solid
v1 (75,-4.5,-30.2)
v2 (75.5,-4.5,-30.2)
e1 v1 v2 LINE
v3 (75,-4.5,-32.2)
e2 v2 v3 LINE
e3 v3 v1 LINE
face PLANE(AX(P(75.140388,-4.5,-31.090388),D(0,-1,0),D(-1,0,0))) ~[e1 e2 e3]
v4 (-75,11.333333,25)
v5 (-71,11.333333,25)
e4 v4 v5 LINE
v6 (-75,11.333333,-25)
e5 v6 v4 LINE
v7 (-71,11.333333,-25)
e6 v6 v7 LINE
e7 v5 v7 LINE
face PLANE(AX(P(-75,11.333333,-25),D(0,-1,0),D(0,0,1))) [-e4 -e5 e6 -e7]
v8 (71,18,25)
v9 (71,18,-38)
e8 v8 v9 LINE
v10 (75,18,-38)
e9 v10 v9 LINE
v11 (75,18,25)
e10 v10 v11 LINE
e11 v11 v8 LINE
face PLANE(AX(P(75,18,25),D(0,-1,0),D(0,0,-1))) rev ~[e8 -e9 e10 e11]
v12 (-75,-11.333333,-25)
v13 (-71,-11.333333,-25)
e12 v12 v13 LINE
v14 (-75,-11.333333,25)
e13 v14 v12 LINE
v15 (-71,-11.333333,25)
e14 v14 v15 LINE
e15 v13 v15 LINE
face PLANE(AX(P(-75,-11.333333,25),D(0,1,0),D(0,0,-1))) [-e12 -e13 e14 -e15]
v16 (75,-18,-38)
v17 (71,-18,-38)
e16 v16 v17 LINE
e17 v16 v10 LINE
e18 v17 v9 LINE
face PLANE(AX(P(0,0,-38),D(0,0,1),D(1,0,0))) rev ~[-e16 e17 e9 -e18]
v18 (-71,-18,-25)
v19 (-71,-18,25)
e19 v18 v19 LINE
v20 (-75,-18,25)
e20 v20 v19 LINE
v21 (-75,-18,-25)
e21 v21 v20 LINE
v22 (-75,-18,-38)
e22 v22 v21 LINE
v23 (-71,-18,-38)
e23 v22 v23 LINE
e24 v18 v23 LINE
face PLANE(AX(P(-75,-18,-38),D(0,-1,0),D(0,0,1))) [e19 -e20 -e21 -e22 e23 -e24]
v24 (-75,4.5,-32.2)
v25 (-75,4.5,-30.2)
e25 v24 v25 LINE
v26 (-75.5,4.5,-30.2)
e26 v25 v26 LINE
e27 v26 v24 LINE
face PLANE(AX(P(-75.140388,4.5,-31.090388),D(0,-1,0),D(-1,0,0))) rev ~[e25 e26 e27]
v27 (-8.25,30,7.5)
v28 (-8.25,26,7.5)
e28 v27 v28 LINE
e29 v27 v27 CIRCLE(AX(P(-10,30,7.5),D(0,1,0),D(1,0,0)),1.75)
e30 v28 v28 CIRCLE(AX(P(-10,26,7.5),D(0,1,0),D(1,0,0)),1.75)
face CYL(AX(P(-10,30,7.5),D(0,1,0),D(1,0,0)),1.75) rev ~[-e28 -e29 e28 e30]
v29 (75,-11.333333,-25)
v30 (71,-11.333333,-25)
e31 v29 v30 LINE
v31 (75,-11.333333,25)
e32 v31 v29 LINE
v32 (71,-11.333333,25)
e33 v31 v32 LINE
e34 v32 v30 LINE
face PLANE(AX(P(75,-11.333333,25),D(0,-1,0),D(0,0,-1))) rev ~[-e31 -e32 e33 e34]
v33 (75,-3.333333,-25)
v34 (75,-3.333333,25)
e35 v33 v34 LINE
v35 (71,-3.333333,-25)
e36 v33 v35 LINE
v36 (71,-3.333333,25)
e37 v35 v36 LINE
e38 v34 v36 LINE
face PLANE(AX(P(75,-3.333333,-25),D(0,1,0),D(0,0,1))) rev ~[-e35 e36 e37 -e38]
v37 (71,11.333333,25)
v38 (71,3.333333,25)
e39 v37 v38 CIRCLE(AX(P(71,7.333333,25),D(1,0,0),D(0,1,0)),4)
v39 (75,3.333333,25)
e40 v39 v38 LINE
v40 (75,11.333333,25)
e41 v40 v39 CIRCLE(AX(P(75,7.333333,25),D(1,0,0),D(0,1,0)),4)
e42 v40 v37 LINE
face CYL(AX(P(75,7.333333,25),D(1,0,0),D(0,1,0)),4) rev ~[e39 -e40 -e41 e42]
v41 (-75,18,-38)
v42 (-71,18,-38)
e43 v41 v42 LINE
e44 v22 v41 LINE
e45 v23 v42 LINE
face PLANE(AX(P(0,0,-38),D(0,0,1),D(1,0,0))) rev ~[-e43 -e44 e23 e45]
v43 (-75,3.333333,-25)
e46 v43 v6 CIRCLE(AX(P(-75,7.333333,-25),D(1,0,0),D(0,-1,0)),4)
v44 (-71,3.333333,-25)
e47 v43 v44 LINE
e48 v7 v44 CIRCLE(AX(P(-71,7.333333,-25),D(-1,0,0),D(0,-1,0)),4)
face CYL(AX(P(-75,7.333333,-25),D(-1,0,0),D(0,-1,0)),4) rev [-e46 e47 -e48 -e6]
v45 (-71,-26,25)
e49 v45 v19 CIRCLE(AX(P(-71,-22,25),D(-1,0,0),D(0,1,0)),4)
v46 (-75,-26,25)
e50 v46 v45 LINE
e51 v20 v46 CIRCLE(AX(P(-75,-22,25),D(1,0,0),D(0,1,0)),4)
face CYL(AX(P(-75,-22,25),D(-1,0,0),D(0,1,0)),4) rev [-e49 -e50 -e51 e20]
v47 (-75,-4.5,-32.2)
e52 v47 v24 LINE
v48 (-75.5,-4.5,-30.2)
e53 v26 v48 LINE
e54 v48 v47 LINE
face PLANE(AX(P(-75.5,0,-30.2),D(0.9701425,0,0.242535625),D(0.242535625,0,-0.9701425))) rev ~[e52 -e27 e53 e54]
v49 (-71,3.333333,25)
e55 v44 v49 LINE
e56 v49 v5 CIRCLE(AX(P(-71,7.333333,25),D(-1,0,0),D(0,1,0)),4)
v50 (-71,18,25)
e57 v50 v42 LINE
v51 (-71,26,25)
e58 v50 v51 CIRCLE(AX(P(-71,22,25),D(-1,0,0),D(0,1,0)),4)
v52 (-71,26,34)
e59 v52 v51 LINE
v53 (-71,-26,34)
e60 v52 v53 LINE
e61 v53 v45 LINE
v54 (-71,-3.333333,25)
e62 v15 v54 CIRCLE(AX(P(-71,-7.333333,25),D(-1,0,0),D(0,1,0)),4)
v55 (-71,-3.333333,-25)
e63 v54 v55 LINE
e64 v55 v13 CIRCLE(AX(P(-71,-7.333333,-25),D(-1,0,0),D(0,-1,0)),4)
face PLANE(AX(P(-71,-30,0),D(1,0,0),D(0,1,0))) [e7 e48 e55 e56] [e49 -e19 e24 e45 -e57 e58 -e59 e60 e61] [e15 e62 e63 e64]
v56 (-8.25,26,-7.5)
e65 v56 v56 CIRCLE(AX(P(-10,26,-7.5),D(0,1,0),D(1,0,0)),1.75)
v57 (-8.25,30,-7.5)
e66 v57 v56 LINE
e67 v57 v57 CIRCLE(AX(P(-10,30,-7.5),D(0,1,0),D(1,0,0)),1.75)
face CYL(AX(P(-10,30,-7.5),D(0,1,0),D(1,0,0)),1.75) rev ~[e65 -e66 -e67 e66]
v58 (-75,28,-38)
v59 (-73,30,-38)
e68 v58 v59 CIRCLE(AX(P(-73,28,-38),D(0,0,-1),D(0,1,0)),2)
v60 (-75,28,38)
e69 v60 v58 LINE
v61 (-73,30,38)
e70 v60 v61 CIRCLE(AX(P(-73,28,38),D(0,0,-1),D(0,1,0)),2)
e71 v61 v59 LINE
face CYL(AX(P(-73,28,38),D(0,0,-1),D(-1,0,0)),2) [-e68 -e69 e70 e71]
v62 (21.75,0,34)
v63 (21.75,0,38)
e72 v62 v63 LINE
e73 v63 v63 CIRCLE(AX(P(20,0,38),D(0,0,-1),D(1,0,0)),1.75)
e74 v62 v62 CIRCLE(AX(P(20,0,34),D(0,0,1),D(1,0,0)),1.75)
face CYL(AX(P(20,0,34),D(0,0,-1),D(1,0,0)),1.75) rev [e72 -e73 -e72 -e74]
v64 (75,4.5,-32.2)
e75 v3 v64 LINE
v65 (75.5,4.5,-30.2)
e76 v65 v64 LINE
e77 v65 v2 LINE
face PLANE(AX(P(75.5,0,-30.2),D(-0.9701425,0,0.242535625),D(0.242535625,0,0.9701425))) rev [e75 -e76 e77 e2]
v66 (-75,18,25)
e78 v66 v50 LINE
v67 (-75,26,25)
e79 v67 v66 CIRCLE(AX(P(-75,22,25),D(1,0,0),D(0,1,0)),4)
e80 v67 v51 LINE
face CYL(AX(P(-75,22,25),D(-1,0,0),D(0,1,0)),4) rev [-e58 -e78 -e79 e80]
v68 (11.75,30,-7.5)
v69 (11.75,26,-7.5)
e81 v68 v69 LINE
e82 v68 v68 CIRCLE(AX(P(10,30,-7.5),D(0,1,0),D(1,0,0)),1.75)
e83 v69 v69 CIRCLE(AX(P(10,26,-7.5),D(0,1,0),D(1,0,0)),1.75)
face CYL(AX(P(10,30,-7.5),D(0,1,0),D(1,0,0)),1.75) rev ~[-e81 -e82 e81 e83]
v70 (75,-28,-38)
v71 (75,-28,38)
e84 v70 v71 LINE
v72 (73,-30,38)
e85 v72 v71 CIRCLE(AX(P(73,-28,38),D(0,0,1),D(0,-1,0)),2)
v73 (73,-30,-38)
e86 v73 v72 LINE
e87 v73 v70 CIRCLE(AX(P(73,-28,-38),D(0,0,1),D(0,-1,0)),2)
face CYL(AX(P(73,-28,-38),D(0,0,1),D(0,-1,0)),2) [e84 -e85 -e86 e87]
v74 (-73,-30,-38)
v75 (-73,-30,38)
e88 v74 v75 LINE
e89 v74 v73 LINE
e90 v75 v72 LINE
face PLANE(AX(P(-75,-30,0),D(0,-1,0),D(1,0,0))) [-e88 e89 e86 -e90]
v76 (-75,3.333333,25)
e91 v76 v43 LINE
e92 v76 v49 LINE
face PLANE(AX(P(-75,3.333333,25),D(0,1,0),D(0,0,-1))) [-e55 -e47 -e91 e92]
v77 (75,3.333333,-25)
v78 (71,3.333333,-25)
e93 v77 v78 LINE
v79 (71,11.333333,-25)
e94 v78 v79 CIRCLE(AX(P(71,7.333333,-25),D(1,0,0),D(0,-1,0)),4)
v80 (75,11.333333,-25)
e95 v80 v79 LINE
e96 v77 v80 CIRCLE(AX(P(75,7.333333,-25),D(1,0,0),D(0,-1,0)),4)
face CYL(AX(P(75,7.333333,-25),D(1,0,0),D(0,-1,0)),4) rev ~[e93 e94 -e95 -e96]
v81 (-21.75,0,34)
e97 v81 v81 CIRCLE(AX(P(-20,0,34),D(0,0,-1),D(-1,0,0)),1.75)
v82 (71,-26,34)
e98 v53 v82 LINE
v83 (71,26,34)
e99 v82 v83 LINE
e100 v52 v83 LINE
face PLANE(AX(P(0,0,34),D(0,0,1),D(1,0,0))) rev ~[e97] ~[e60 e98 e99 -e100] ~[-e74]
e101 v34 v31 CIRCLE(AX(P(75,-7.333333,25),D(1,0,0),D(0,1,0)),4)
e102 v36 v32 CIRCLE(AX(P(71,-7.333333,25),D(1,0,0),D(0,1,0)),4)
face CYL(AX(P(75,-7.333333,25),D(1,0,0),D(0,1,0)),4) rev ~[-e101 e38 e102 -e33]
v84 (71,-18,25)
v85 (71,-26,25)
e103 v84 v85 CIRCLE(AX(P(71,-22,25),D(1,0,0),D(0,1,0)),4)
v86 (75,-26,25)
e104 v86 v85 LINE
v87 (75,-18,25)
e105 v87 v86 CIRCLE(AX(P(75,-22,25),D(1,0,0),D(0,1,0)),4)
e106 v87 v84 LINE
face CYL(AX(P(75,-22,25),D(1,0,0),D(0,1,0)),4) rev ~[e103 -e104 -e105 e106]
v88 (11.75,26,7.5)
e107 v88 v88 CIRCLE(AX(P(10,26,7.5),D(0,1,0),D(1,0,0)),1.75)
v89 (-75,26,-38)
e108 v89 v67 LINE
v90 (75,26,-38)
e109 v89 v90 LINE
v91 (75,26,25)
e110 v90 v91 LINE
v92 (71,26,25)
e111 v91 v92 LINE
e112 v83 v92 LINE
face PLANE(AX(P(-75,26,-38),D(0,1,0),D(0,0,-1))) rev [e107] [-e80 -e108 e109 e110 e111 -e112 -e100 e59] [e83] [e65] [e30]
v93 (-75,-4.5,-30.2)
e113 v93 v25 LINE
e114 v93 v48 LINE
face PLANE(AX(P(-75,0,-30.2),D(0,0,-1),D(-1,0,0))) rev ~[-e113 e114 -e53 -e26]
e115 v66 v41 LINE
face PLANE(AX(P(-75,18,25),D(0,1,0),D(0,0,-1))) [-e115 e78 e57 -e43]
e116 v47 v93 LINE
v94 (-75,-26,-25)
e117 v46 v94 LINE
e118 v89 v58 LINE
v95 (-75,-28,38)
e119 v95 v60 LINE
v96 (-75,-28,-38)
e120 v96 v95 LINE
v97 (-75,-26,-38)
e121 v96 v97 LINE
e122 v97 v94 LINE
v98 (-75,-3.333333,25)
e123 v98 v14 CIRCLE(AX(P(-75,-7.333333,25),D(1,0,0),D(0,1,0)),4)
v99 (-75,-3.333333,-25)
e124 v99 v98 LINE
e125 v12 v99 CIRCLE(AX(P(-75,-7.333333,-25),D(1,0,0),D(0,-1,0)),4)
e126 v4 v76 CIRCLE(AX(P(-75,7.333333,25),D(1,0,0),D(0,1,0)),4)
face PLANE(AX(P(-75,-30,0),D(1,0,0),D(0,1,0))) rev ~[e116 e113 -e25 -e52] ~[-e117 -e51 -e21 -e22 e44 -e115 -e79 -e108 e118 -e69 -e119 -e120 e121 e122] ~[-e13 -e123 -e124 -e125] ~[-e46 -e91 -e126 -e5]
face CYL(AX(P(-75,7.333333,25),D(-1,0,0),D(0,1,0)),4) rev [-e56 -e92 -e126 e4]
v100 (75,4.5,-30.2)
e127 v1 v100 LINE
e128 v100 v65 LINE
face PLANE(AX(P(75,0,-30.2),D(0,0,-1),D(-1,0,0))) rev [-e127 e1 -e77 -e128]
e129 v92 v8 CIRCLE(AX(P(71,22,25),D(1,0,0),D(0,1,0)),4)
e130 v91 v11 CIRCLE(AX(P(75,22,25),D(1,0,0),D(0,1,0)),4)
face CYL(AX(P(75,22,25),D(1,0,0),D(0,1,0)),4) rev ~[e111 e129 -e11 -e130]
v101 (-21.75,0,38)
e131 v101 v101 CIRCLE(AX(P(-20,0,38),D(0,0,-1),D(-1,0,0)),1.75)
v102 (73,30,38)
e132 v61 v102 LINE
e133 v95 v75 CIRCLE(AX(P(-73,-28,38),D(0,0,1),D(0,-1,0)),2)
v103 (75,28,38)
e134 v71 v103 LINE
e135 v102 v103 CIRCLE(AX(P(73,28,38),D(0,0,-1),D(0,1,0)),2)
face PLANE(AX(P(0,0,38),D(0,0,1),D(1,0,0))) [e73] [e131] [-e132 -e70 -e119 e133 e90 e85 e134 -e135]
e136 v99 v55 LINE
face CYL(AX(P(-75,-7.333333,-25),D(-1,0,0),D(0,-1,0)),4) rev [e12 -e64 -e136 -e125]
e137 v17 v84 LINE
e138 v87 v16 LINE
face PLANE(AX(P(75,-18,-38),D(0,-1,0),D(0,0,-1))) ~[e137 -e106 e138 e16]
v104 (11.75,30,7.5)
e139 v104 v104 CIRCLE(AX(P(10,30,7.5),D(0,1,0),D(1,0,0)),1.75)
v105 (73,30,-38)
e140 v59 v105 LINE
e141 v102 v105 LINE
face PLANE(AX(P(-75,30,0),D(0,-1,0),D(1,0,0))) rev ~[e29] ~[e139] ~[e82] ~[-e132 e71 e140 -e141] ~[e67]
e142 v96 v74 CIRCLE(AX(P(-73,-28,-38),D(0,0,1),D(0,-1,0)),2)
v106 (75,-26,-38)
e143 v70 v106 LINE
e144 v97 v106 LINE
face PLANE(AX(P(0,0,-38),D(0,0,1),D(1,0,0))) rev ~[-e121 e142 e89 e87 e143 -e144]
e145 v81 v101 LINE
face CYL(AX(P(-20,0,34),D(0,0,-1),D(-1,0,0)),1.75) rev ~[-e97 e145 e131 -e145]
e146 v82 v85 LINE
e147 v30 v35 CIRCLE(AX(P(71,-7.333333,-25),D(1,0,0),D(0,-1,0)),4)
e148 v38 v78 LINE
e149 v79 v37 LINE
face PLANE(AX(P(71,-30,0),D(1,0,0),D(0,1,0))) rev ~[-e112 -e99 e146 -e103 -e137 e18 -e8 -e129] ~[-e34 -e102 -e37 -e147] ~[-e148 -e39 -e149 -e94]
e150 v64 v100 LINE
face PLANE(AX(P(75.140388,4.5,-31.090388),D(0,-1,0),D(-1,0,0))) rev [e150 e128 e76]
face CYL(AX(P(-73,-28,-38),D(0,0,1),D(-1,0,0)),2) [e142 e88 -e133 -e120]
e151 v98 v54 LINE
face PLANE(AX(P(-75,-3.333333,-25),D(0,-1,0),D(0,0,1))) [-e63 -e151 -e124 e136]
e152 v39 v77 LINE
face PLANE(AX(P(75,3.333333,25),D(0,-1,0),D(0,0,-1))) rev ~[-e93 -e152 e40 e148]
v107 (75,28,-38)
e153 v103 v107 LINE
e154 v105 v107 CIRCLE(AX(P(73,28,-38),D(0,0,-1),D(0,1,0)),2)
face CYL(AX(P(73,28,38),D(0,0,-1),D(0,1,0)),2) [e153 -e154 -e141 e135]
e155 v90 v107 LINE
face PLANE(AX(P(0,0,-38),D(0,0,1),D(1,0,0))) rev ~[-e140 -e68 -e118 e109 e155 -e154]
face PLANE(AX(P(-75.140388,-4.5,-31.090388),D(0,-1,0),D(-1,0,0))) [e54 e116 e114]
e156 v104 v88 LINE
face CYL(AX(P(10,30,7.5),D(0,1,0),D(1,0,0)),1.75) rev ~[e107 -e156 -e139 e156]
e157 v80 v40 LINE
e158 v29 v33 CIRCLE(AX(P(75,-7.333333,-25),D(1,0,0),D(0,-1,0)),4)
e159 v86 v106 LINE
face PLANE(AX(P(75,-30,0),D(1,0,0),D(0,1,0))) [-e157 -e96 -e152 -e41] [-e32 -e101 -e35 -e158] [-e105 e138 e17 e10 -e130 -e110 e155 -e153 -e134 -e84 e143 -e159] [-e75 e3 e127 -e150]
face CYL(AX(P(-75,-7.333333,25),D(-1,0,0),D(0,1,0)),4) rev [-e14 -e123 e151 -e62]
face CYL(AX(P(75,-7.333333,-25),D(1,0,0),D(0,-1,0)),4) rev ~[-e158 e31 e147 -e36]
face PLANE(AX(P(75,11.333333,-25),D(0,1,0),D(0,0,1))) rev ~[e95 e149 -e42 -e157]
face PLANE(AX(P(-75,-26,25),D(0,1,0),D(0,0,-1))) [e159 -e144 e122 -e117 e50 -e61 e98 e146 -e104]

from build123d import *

# Parameters (mm, degrees)
SCHIZZO1_W                   = 150
SCHIZZO1_H                   = 60
ESTRUSIONE_ESTRUSIONE1_DEPTH = 38
SVUOTA1_T                    = -4
SCHIZZO2_R                   = 1.75
TAGLIO_ESTRUSIONE1_DEPTH     = 10
SCHIZZO4_R                   = 1.75
TAGLIO_ESTRUSIONE2_DEPTH     = 10
RIPETIZIONE_A_L1_COUNT       = 2
RIPETIZIONE_A_L1_PITCH       = 15
RIPETIZIONE_A_L1_COUNT_DIR2  = 2
RIPETIZIONE_A_L1_PITCH_DIR2  = 20
TAGLIO_ESTRUSIONE3_DEPTH     = 10
RIPETIZIONE_A_L2_COUNT       = 4
RIPETIZIONE_A_L2_PITCH       = 14.666666667
SCHIZZO6_W                   = 14.123548546
SCHIZZO6_H                   = 8
TAGLIO_ESTRUSIONE4_DEPTH     = 10
SPECCHIA2_COPY_1_SKETCH_W    = 14.123548546
SPECCHIA2_COPY_1_SKETCH_H    = 8
SPECCHIA2_COPY_1_DEPTH       = 10
SPECCHIA2_COPY_2_DEPTH       = 10
SPECCHIA2_COPY_3_DEPTH       = 10
SPECCHIA2_COPY_4_DEPTH       = 10
SPECCHIA2_COPY_5_DEPTH       = 10
ESTRUSIONE_ESTRUSIONE3_DEPTH = 4.5
RACCORDO3_R                  = 2


with BuildPart() as part:
    # Schizzo1 → Estrusione-Estrusione1 (new body, symmetric)
    with BuildSketch(Plane.XY):
        Rectangle(SCHIZZO1_W, SCHIZZO1_H)
    extrude(amount=ESTRUSIONE_ESTRUSIONE1_DEPTH, both=True)

    # Svuota1
    svuota1_openings = [part.faces().sort_by_distance(p)[0] for p in [
        (0, 0, -38),
    ]]
    offset(amount=SVUOTA1_T, openings=svuota1_openings, kind=Kind.INTERSECTION)

    # Schizzo2 → Taglio-Estrusione1 (cut)
    with BuildSketch(Plane(origin=(0, 0, 34), x_dir=(-1, 0, 0), z_dir=(0, 0, -1))):
        with Locations((20, 0)):
            Circle(SCHIZZO2_R)
    taglio_estrusione1 = extrude(amount=-TAGLIO_ESTRUSIONE1_DEPTH, mode=Mode.SUBTRACT)

    # Specchia1: Taglio-Estrusione1 across plane
    add(taglio_estrusione1.mirror(Plane(origin=(0, 0, 0), x_dir=(0, 0, 1), z_dir=(1, 0, 0))), mode=Mode.SUBTRACT)

    # Schizzo4 → Taglio-Estrusione2 (cut)
    with BuildSketch(Plane(origin=(0, 30, 0), x_dir=(1, 0, 0), z_dir=(0, 1, 0))):
        with Locations((10, 7.5)):
            Circle(SCHIZZO4_R)
    taglio_estrusione2 = extrude(amount=-TAGLIO_ESTRUSIONE2_DEPTH, mode=Mode.SUBTRACT)

    # Ripetizione a L1: Taglio-Estrusione2 2 × 2
    with Locations(*[(-j * RIPETIZIONE_A_L1_PITCH_DIR2, 0, i * RIPETIZIONE_A_L1_PITCH) for i in range(RIPETIZIONE_A_L1_COUNT) for j in range(RIPETIZIONE_A_L1_COUNT_DIR2) if (i, j) != (0, 0)]):
        add(taglio_estrusione2, mode=Mode.SUBTRACT)

    # Schizzo5 → Taglio-Estrusione3 (cut)
    with BuildSketch(Plane.ZY.offset(75)):
        with BuildLine():
            Line((-25, 26), (25, 26))
            ThreePointArc((25, 26), (29, 22), (25, 18))
            Line((25, 18), (-25, 18))
            ThreePointArc((-25, 18), (-29, 22), (-25, 26))
        make_face()
    taglio_estrusione3 = extrude(amount=-TAGLIO_ESTRUSIONE3_DEPTH, mode=Mode.SUBTRACT)

    # Ripetizione a L2: Taglio-Estrusione3 ×4
    with Locations(*[(0, -i * RIPETIZIONE_A_L2_PITCH, 0) for i in range(1, RIPETIZIONE_A_L2_COUNT)]):
        add(taglio_estrusione3, mode=Mode.SUBTRACT)

    # Schizzo6 → Taglio-Estrusione4 (cut)
    with BuildSketch(Plane.ZY.offset(75)):
        with Locations((-30.938225727, -22)):
            Rectangle(SCHIZZO6_W, SCHIZZO6_H)
    taglio_estrusione4 = extrude(amount=-TAGLIO_ESTRUSIONE4_DEPTH, mode=Mode.SUBTRACT)

    # Specchia3: Taglio-Estrusione4 across plane
    add(taglio_estrusione4.mirror(Plane.ZX), mode=Mode.SUBTRACT)

    # Specchia2: Taglio-Estrusione4 across plane
    add(taglio_estrusione4.mirror(Plane(origin=(0, 0, 0), x_dir=(0, 0, 1), z_dir=(1, 0, 0))), mode=Mode.SUBTRACT)

    # Specchia2 copy 1 sketch → Specchia2 copy 1 (cut)
    with BuildSketch(Plane(origin=(75, 0, 0), x_dir=(0, 0, 1), z_dir=(1, 0, 0))):
        with Locations((-30.938225727, -22)):
            Rectangle(SPECCHIA2_COPY_1_SKETCH_W, SPECCHIA2_COPY_1_SKETCH_H)
    extrude(amount=-SPECCHIA2_COPY_1_DEPTH, mode=Mode.SUBTRACT)

    # Specchia2 copy 2 sketch → Specchia2 copy 2 (cut)
    with BuildSketch(Plane(origin=(75, -14.666666667, 0), x_dir=(0, 0, 1), z_dir=(1, 0, 0))):
        with BuildLine():
            Line((-25, -26), (25, -26))
            ThreePointArc((25, -26), (29, -22), (25, -18))
            Line((25, -18), (-25, -18))
            ThreePointArc((-25, -18), (-29, -22), (-25, -26))
        make_face()
    extrude(amount=-SPECCHIA2_COPY_2_DEPTH, mode=Mode.SUBTRACT)

    # Specchia2 copy 3 sketch → Specchia2 copy 3 (cut)
    with BuildSketch(Plane(origin=(75, -29.333333333, 0), x_dir=(0, 0, 1), z_dir=(1, 0, 0))):
        with BuildLine():
            Line((-25, -26), (25, -26))
            ThreePointArc((25, -26), (29, -22), (25, -18))
            Line((25, -18), (-25, -18))
            ThreePointArc((-25, -18), (-29, -22), (-25, -26))
        make_face()
    extrude(amount=-SPECCHIA2_COPY_3_DEPTH, mode=Mode.SUBTRACT)

    # Specchia2 copy 4 sketch → Specchia2 copy 4 (cut)
    with BuildSketch(Plane(origin=(75, -44, 0), x_dir=(0, 0, 1), z_dir=(1, 0, 0))):
        with BuildLine():
            Line((-25, -26), (25, -26))
            ThreePointArc((25, -26), (29, -22), (25, -18))
            Line((25, -18), (-25, -18))
            ThreePointArc((-25, -18), (-29, -22), (-25, -26))
        make_face()
    extrude(amount=-SPECCHIA2_COPY_4_DEPTH, mode=Mode.SUBTRACT)

    # Specchia2 copy 5 sketch → Specchia2 copy 5 (cut)
    with BuildSketch(Plane(origin=(75, 0, 0), x_dir=(0, 0, 1), z_dir=(1, 0, 0))):
        with BuildLine():
            Line((-25, -26), (25, -26))
            ThreePointArc((25, -26), (29, -22), (25, -18))
            Line((25, -18), (-25, -18))
            ThreePointArc((-25, -18), (-29, -22), (-25, -26))
        make_face()
    extrude(amount=-SPECCHIA2_COPY_5_DEPTH, mode=Mode.SUBTRACT)

    # Schizzo9 → Estrusione-Estrusione3 (add, symmetric)
    with BuildSketch(Plane(origin=(0, 0, 0), x_dir=(1, 0, 0), z_dir=(0, 1, 0))):
        Polygon((-75, 30.2), (-75.5, 30.2), (-75, 32.2), align=None)
    estrusione_estrusione3 = extrude(amount=ESTRUSIONE_ESTRUSIONE3_DEPTH, both=True)

    # Specchia11: Estrusione-Estrusione3 across plane
    add(estrusione_estrusione3.mirror(Plane(origin=(0, 0, 0), x_dir=(0, 0, 1), z_dir=(1, 0, 0))))

    # Raccordo3
    raccordo3_edges = [part.edges().sort_by_distance(p)[0] for p in [
        (75, -30, 0),
        (-75, -30, 0),
        (-75, 30, 0),
        (75, 30, 0),
    ]]
    fillet(raccordo3_edges, radius=RACCORDO3_R)


solid = part.part
